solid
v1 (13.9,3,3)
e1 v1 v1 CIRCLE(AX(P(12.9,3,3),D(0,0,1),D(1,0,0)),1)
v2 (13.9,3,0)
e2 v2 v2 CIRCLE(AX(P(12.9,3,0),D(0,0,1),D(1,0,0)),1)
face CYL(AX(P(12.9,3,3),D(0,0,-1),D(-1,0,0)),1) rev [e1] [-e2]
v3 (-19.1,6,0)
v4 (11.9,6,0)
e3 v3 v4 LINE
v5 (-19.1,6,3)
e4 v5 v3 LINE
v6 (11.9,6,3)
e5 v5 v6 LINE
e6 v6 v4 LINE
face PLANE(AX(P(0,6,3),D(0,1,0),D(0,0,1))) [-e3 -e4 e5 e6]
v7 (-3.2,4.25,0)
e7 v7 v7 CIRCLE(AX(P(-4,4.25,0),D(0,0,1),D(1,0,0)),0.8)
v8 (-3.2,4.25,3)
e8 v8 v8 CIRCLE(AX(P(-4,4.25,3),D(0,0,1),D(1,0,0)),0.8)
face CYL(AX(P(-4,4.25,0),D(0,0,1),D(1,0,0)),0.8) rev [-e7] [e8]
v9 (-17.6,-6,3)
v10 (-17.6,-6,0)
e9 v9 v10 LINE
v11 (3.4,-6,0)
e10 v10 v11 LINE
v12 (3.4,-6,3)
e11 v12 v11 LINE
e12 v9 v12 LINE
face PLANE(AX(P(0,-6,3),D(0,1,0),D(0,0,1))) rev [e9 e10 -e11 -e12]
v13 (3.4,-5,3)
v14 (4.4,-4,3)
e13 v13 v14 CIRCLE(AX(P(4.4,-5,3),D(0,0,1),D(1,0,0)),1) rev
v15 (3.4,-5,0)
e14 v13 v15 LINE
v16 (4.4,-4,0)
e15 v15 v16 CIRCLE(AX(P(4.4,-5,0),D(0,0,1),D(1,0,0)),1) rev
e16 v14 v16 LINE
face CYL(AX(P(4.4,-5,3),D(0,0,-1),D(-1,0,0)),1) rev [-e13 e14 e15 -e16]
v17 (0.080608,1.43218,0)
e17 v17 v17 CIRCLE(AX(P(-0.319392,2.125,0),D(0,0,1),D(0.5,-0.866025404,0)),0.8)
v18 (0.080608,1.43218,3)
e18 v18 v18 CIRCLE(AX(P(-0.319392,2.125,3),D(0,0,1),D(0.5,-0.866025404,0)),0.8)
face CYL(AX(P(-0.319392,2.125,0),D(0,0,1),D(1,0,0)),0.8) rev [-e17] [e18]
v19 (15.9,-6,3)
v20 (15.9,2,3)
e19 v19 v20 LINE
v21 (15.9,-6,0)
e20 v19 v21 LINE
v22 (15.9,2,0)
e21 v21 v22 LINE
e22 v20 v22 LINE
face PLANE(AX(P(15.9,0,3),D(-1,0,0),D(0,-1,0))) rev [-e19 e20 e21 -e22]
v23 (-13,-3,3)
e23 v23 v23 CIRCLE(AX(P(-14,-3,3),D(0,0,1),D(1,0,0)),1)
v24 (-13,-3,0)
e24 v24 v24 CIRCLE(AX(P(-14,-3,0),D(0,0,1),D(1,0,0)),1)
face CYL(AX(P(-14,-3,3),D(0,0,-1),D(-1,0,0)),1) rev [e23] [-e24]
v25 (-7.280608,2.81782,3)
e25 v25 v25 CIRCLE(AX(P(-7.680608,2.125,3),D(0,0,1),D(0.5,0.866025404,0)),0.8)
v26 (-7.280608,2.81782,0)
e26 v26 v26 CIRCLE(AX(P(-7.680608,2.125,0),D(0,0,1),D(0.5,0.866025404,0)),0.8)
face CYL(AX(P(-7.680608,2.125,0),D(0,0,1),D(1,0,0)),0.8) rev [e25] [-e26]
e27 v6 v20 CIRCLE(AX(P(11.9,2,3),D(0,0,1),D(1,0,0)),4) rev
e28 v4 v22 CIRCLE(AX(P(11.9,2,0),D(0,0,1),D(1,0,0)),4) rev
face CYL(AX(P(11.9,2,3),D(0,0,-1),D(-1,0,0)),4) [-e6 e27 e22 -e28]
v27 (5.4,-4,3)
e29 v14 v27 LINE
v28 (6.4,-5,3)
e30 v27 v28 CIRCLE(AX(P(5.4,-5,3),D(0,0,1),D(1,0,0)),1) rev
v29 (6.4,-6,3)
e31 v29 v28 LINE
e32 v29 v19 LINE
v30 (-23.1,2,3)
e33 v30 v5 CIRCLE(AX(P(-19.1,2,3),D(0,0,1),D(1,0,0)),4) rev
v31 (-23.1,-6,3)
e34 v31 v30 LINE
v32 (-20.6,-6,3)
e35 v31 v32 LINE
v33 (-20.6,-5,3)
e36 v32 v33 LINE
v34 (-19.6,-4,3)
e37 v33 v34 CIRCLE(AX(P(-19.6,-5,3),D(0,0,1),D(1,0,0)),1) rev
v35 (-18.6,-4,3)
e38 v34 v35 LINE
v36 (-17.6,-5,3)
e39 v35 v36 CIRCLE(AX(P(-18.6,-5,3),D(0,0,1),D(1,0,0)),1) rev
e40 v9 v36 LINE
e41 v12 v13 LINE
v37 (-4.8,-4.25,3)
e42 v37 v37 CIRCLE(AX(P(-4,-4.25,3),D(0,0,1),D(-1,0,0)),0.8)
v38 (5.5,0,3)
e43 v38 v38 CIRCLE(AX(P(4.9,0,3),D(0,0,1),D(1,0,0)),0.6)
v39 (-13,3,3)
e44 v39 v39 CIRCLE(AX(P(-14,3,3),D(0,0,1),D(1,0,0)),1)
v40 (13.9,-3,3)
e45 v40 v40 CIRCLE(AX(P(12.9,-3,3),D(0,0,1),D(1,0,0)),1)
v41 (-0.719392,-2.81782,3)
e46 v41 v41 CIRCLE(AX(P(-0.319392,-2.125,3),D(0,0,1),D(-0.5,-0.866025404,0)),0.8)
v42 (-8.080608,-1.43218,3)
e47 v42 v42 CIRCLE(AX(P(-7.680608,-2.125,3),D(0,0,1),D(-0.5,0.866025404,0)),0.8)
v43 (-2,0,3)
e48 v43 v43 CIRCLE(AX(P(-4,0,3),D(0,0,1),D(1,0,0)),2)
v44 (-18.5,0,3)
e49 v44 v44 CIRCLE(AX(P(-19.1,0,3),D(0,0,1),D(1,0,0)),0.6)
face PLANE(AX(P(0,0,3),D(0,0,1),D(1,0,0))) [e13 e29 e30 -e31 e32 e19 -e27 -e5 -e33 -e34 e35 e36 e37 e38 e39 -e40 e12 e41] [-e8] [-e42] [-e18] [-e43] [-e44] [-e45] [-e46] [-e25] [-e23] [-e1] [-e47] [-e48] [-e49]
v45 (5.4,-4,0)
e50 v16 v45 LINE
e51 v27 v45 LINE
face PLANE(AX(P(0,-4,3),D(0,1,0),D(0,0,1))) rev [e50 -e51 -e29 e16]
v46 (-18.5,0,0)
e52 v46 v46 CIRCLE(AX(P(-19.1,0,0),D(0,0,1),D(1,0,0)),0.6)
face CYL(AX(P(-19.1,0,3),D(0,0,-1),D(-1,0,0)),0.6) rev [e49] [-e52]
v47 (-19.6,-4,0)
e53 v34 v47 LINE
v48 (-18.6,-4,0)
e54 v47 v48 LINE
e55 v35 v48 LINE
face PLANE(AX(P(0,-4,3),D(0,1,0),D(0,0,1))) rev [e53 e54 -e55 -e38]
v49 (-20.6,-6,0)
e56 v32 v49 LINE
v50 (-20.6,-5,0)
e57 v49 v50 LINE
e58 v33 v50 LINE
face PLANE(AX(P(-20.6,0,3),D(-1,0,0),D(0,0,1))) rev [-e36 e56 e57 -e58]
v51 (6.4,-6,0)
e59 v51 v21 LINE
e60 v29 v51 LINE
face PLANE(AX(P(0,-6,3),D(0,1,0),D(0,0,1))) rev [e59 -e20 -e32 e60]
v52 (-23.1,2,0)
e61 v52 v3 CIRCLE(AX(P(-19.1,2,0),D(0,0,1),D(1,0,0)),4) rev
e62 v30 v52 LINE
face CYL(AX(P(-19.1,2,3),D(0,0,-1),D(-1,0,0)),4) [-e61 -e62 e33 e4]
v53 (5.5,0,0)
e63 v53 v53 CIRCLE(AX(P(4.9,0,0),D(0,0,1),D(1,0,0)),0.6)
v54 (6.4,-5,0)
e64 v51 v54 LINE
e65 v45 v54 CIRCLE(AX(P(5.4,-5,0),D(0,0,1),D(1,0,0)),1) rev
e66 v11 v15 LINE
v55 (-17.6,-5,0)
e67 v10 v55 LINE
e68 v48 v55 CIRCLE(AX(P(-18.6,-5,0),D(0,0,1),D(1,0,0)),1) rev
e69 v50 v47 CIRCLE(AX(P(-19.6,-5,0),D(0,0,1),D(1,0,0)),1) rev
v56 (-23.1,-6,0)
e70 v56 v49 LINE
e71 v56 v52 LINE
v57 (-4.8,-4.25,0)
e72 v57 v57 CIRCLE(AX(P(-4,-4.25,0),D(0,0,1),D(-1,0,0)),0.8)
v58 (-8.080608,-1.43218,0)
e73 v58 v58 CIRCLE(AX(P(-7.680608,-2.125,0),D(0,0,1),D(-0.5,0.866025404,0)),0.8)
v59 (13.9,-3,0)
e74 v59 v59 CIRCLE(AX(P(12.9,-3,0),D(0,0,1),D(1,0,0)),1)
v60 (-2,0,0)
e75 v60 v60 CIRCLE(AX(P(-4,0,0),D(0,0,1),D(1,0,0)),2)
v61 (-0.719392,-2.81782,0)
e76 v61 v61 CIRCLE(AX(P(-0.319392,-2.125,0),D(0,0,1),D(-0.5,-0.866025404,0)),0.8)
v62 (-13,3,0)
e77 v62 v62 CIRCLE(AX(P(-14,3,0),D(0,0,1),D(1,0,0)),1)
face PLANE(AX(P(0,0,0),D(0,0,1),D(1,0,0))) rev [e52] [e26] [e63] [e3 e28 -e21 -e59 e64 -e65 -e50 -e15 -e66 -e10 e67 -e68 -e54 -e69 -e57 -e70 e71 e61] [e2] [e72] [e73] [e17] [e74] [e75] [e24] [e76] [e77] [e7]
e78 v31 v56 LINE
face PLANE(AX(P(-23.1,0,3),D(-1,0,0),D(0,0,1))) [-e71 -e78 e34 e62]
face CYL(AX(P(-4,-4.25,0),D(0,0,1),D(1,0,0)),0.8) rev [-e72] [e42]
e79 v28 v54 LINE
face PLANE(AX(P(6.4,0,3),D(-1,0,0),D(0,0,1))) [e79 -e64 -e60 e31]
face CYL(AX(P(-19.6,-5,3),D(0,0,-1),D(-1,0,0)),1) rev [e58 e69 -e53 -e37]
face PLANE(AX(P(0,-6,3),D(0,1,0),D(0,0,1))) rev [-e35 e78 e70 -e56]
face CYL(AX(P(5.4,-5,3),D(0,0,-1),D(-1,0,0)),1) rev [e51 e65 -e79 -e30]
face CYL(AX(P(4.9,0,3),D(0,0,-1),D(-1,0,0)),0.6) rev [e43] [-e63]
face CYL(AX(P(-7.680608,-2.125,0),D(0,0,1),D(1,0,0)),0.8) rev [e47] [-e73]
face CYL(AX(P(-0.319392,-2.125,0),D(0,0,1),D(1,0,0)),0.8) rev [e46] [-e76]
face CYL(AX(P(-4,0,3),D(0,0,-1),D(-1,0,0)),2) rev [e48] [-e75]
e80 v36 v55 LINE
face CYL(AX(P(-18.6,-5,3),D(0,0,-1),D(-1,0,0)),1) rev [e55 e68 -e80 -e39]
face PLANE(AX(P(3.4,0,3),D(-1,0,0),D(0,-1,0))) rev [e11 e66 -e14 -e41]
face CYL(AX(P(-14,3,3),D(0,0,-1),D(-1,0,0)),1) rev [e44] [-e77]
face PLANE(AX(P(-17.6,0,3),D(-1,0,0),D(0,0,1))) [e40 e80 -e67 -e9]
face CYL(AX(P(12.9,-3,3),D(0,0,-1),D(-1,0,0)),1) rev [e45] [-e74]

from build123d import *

# Parameters (mm, degrees)
SKETCH1_R           = 1
SKETCH1_R_2         = 0.6
SKETCH1_R_3         = 2
BOSS_EXTRUDE1_DEPTH = 3
SKETCH3_R           = 0.8
CUT_EXTRUDE1_DEPTH  = 3
CIRPATTERN1_COUNT   = 6


with BuildPart() as part:
    # Sketch1 → Boss-Extrude1 (new body)
    with BuildSketch(Plane.XY):
        with BuildLine():
            Line((-23.1, 2), (-23.1, -6))
            Line((-23.1, -6), (-20.6, -6))
            Line((-20.6, -6), (-20.6, -5))
            ThreePointArc((-20.6, -5), (-20.307106781, -4.292893219), (-19.6, -4))
            Line((-19.6, -4), (-18.6, -4))
            ThreePointArc((-18.6, -4), (-17.892893219, -4.292893219), (-17.6, -5))
            Line((-17.6, -5), (-17.6, -6))
            Line((-17.6, -6), (3.4, -6))
            Line((3.4, -6), (3.4, -5))
            ThreePointArc((3.4, -5), (3.692893219, -4.292893219), (4.4, -4))
            Line((4.4, -4), (5.4, -4))
            ThreePointArc((5.4, -4), (6.107106781, -4.292893219), (6.4, -5))
            Line((6.4, -5), (6.4, -6))
            Line((6.4, -6), (15.9, -6))
            Line((15.9, -6), (15.9, 2))
            ThreePointArc((15.9, 2), (14.728427125, 4.828427125), (11.9, 6))
            Line((11.9, 6), (-19.1, 6))
            ThreePointArc((-19.1, 6), (-21.928427125, 4.828427125), (-23.1, 2))
        make_face()
        with Locations((-14, -3)):
            Circle(SKETCH1_R, mode=Mode.SUBTRACT)
        with Locations((12.9, -3)):
            Circle(SKETCH1_R, mode=Mode.SUBTRACT)
        with Locations((-19.1, 0)):
            Circle(SKETCH1_R_2, mode=Mode.SUBTRACT)
        with Locations((-14, 3)):
            Circle(SKETCH1_R, mode=Mode.SUBTRACT)
        with Locations((-4, 0)):
            Circle(SKETCH1_R_3, mode=Mode.SUBTRACT)
        with Locations((4.9, 0)):
            Circle(SKETCH1_R_2, mode=Mode.SUBTRACT)
        with Locations((12.9, 3)):
            Circle(SKETCH1_R, mode=Mode.SUBTRACT)
    extrude(amount=BOSS_EXTRUDE1_DEPTH)

    # Sketch3 → Cut-Extrude1 (cut)
    with BuildSketch(Plane.XY.offset(3)):
        with Locations((-4, 4.25)):
            Circle(SKETCH3_R)
    cut_extrude1 = extrude(amount=-CUT_EXTRUDE1_DEPTH, mode=Mode.SUBTRACT)

    # CirPattern1: Cut-Extrude1 ×6 about axis
    cirpattern1_axis = Axis((-4, 0, 0), (0, 0, 1))
    for i in range(1, CIRPATTERN1_COUNT):
        add(cut_extrude1.rotate(cirpattern1_axis, i * 360 / CIRPATTERN1_COUNT), mode=Mode.SUBTRACT)


solid = part.part
